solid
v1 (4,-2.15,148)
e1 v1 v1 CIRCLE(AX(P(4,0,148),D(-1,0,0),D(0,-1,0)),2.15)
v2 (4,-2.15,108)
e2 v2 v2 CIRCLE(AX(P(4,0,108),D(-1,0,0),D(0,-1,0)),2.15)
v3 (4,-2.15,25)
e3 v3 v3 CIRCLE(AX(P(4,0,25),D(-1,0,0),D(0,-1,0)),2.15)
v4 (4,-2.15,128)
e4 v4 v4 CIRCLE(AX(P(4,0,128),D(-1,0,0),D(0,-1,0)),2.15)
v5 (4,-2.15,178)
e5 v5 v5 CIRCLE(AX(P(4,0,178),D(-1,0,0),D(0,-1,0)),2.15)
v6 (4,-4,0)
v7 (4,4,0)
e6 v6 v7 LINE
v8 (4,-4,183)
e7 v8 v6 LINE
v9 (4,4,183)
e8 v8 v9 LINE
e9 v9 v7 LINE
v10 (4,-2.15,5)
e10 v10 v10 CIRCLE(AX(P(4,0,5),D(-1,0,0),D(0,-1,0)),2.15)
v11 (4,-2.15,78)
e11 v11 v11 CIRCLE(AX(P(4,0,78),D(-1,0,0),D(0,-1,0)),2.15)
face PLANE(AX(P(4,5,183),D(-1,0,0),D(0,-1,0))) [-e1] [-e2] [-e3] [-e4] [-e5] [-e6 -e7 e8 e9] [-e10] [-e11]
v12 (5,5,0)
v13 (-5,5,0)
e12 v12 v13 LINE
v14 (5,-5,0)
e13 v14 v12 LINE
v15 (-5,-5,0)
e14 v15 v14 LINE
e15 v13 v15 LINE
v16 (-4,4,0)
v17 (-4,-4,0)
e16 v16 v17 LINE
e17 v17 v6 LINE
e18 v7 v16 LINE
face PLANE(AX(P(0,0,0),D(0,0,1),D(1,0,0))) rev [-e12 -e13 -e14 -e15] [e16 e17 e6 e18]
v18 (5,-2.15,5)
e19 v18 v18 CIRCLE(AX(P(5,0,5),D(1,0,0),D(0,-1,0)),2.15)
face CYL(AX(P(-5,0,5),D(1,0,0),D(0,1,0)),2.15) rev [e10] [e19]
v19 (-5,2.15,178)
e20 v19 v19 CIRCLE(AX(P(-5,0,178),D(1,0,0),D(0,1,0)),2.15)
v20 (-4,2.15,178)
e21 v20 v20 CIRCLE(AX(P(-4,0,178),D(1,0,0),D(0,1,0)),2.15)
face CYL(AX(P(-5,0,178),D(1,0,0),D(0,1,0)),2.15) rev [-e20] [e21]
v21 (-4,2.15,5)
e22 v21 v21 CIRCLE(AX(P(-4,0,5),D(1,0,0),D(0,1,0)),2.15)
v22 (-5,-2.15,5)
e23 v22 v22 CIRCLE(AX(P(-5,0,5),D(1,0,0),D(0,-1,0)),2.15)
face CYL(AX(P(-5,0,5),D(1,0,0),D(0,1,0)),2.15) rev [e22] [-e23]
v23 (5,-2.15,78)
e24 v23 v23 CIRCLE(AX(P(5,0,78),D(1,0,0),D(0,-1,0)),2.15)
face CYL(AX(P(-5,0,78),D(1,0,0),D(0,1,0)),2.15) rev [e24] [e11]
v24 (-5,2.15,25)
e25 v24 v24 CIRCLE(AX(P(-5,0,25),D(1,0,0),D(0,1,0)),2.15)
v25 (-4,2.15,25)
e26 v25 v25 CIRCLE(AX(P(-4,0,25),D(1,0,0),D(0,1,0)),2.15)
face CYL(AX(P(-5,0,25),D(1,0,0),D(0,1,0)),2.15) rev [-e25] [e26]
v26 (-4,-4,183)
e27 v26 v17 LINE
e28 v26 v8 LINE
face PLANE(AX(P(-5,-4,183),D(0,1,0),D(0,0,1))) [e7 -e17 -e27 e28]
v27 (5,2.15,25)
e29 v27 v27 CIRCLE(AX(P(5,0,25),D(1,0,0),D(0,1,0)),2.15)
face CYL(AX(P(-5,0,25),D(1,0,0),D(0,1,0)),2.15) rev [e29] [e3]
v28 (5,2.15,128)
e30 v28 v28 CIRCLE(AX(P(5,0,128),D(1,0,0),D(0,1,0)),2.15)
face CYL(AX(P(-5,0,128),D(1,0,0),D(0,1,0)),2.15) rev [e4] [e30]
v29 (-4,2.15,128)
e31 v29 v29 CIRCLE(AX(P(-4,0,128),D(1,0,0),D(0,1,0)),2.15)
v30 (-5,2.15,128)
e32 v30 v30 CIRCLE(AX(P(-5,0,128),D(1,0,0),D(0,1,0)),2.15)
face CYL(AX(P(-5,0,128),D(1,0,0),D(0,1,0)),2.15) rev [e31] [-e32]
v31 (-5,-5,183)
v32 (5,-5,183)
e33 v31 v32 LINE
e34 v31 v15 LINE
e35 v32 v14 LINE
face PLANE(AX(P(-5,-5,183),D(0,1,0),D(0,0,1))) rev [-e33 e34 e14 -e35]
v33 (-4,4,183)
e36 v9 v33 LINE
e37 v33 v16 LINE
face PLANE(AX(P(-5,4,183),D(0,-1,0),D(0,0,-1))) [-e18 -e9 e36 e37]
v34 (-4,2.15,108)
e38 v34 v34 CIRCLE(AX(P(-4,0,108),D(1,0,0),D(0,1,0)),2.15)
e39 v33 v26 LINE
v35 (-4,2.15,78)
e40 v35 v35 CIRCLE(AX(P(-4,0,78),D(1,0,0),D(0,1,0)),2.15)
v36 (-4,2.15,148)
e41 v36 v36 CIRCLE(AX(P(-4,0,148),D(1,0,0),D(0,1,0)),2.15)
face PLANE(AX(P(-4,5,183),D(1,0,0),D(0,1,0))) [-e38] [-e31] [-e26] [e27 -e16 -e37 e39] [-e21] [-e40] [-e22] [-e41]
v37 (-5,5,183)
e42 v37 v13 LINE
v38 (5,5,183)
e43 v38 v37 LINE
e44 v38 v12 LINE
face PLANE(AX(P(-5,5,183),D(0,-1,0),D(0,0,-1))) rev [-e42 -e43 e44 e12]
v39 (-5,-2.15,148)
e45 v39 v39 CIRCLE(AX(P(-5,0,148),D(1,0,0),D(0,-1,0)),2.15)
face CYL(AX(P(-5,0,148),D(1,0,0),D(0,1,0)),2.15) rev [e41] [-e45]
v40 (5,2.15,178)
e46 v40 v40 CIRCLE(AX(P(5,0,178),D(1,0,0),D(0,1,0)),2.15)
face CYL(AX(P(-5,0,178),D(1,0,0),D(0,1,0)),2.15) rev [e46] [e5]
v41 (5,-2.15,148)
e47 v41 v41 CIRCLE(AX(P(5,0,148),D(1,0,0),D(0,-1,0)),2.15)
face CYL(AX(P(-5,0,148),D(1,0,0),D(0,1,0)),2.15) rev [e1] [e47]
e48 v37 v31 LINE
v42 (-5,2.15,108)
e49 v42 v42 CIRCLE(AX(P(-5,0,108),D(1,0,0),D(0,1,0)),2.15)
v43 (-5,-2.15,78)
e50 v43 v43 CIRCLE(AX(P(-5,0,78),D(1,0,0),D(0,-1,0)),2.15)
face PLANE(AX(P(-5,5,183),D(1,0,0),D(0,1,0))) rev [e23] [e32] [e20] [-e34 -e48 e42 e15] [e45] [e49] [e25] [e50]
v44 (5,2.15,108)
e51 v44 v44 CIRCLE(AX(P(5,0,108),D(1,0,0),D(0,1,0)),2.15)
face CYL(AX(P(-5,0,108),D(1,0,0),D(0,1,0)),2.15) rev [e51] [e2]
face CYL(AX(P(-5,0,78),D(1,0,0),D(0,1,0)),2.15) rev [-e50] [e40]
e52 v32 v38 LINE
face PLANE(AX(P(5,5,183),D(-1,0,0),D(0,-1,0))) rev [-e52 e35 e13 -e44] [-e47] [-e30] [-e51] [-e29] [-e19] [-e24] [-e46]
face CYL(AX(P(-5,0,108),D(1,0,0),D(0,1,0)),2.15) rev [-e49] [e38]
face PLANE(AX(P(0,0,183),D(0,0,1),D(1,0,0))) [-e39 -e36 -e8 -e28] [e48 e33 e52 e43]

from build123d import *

# Parameters (mm, degrees)
SKETCH_1_W          = 10
SKETCH_1_H          = 10
SKETCH_1_W_2        = 8
SKETCH_1_H_2        = 8
EXTRUDE_1_DEPTH     = 183
SKETCH_2_R          = 2.15
CUT_EXTRUDE_1_DEPTH = 184.341211952


with BuildPart() as part:
    # ｽｹｯﾁ1 → 押し出し-薄板1 (new body)
    with BuildSketch(Plane.XY):
        Rectangle(SKETCH_1_W, SKETCH_1_H)
        Rectangle(SKETCH_1_W_2, SKETCH_1_H_2, mode=Mode.SUBTRACT)
    extrude(amount=EXTRUDE_1_DEPTH)

    # ｽｹｯﾁ2 → ｶｯﾄ - 押し出し1 (cut, through all)
    with BuildSketch(Plane(origin=(5, 0, 0), x_dir=(0, 0, -1), z_dir=(1, 0, 0))):
        with Locations(Location((-128, 0, 0), (0, 0, 90))):
            Circle(SKETCH_2_R)
        with Locations(Location((-108, 0, 0), (0, 0, 90))):
            Circle(SKETCH_2_R)
        with Locations(Location((-148, 0, 0), (0, 0, 90))):
            Circle(SKETCH_2_R)
        with Locations(Location((-178, 0, 0), (0, 0, 90))):
            Circle(SKETCH_2_R)
        with Locations(Location((-78, 0, 0), (0, 0, 90))):
            Circle(SKETCH_2_R)
        with Locations(Location((-5, 0, 0), (0, 0, 90))):
            Circle(SKETCH_2_R)
        with Locations(Location((-25, 0, 0), (0, 0, 90))):
            Circle(SKETCH_2_R)
    extrude(amount=-CUT_EXTRUDE_1_DEPTH, mode=Mode.SUBTRACT)


solid = part.part
